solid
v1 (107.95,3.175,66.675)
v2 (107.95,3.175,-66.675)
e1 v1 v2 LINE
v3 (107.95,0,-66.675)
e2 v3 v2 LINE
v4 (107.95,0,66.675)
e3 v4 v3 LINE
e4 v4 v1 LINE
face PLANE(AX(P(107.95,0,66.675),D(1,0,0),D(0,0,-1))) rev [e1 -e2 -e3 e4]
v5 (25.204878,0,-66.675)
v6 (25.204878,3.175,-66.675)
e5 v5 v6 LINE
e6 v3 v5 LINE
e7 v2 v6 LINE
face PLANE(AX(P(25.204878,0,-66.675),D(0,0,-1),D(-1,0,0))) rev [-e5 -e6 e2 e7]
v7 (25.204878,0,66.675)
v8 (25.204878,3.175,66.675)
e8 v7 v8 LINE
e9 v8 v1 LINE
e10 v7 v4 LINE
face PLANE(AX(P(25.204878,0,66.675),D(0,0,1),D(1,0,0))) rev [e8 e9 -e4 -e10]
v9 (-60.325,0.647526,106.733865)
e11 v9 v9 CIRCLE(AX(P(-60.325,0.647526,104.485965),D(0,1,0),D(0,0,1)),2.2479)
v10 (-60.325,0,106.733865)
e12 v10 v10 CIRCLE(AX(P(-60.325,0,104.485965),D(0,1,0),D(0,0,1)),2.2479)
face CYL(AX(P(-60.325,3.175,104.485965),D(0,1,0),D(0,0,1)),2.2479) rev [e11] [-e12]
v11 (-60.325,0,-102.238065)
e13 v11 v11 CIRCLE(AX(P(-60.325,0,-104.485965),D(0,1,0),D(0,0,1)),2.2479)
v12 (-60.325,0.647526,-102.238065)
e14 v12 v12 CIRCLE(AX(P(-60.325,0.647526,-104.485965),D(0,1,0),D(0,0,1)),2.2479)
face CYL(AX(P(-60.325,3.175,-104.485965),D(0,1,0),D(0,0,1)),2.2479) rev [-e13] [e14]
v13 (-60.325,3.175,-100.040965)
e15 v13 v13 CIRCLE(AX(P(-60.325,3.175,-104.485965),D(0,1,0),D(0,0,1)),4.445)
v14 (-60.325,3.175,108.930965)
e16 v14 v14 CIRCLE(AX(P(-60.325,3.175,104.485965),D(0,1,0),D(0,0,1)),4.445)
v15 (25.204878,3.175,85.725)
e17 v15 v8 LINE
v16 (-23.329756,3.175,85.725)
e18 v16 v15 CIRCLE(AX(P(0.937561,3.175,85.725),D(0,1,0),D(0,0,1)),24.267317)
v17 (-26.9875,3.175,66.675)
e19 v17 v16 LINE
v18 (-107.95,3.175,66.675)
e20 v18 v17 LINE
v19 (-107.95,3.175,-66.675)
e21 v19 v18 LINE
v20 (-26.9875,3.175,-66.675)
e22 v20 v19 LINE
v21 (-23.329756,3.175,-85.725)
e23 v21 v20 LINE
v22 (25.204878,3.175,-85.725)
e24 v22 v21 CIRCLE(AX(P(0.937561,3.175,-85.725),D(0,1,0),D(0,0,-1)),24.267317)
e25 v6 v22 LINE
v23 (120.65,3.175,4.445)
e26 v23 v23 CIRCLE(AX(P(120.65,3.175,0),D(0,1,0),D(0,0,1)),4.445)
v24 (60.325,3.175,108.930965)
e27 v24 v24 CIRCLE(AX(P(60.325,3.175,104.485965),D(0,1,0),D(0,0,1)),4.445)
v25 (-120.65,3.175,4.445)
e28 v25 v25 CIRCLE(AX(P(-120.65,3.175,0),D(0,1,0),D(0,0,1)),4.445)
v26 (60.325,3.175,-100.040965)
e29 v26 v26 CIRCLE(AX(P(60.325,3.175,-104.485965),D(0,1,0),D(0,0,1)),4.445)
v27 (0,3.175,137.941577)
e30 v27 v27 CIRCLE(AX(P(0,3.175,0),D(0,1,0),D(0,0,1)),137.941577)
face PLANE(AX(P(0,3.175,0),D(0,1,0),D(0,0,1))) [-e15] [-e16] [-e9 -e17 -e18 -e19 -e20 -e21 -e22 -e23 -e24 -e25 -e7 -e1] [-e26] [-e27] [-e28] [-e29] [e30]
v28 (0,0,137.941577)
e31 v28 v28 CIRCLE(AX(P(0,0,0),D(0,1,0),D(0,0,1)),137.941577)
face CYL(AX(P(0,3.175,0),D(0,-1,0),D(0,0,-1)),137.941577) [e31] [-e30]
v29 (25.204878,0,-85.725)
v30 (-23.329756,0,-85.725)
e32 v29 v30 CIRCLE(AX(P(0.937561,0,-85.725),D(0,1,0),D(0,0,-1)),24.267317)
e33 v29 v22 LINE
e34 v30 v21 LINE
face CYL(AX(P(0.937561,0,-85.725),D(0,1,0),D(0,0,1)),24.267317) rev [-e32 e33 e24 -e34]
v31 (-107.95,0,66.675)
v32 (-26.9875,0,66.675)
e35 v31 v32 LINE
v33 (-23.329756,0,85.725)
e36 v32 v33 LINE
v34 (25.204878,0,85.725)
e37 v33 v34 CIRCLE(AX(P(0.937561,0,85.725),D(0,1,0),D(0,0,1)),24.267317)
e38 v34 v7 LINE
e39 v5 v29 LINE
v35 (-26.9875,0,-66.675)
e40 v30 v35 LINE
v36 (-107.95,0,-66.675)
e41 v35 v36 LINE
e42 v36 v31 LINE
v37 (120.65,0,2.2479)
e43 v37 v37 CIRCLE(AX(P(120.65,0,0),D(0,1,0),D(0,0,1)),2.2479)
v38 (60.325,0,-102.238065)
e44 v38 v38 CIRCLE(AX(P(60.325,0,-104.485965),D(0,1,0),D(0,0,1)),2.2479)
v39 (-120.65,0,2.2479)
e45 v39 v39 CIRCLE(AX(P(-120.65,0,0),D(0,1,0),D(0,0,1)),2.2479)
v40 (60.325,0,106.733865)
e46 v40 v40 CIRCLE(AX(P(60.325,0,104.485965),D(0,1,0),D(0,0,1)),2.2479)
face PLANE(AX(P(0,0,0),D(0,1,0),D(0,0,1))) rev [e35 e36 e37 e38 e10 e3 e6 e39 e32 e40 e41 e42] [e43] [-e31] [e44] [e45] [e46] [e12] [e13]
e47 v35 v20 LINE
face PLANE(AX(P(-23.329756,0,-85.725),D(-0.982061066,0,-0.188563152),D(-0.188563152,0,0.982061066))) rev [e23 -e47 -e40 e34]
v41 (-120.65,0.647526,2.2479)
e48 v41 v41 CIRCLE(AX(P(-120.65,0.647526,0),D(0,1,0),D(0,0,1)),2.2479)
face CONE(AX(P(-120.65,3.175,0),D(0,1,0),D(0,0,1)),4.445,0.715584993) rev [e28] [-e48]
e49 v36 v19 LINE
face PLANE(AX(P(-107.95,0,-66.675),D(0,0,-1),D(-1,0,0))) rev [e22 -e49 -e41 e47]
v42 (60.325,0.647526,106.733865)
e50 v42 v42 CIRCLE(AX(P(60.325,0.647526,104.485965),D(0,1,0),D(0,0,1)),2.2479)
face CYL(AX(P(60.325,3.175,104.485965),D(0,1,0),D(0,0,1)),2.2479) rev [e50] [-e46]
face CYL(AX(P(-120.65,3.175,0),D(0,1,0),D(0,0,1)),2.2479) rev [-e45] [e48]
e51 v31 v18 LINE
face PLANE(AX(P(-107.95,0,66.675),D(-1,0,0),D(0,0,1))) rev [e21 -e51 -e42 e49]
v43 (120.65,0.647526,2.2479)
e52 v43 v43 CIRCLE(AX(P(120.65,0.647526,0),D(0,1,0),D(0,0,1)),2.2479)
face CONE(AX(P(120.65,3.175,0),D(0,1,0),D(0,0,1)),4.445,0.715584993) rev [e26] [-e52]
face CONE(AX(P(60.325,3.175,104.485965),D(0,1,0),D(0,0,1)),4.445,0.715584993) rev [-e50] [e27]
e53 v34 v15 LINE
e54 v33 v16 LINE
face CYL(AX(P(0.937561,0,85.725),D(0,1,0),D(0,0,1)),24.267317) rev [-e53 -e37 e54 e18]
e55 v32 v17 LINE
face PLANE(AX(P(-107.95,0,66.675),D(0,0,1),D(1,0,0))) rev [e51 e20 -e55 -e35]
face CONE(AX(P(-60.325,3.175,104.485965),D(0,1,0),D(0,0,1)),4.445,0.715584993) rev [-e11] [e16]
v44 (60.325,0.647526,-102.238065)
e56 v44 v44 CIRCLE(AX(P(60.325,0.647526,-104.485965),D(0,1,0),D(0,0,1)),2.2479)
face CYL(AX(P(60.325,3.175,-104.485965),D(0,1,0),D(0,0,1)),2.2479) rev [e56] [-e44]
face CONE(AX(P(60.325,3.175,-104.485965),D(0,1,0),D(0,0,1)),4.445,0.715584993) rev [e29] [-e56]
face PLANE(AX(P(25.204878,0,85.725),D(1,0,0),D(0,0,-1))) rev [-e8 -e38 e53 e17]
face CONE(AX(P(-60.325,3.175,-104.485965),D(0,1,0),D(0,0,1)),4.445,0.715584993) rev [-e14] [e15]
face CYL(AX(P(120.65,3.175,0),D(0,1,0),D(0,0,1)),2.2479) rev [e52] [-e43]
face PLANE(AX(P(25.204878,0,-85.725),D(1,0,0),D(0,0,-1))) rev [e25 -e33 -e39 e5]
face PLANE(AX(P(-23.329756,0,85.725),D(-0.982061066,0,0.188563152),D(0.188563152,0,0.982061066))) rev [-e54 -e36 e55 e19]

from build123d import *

# Parameters (mm, degrees)
SKETCH1_R         = 137.941576563
EXTRUDE1_DEPTH    = 3.175
EXTRUDE3_DEPTH    = 4.175
SKETCH4_R         = 1.5875
EXTRUDE4_DEPTH    = 4.175
CIRPATTERN1_COUNT = 6


with BuildPart() as part:
    # Sketch1 → Extrude1 (new body)
    with BuildSketch(Plane(origin=(0, 0, 0), x_dir=(1, 0, 0), z_dir=(0, 1, 0))):
        with Locations(Location((0, 0, 0), (0, 0, 270))):  # turned: the seam where the file's is
            Circle(SKETCH1_R)
    extrude(amount=EXTRUDE1_DEPTH)

    # Sketch3 → Extrude3 (cut, through all)
    with BuildSketch(Plane(origin=(0, 3.175, 0), x_dir=(1, 0, 0), z_dir=(0, 1, 0))):
        with BuildLine():
            Line((25.204878031, -66.675), (107.95, -66.675))
            Line((107.95, -66.675), (107.95, 66.675))
            Line((107.95, 66.675), (25.204878031, 66.675))
            Line((25.204878031, 66.675), (25.204878031, 85.725))
            ThreePointArc((25.204878031, 85.725), (0.937561054, 109.992316976), (-23.329755922, 85.725))
            Line((-23.329755922, 85.725), (-26.9875, 66.675))
            Line((-26.9875, 66.675), (-107.95, 66.675))
            Line((-107.95, 66.675), (-107.95, -66.675))
            Line((-107.95, -66.675), (-26.9875, -66.675))
            Line((-26.9875, -66.675), (-23.329755922, -85.725))
            ThreePointArc((-23.329755922, -85.725), (0.937561054, -109.992316976), (25.204878031, -85.725))
            Line((25.204878031, -85.725), (25.204878031, -66.675))
        make_face()
    extrude(amount=-EXTRUDE3_DEPTH, mode=Mode.SUBTRACT)

    # Sketch4 → Extrude4 (cut, through all)
    with BuildSketch(Plane(origin=(0, 3.175, 0), x_dir=(-1, 0, 0), z_dir=(0, 1, 0))):
        with Locations(Location((120.65, 0, 0), (0, 0, 90))):  # turned: the seam where the file's is
            Circle(SKETCH4_R)
    extrude(amount=-EXTRUDE4_DEPTH, mode=Mode.SUBTRACT)

    # Sketch5 → CSK for #8 Flat Head Socket Cap Screw1 (revolve, cut)
    with BuildSketch(Plane(origin=(-120.65, 3.175, 0), x_dir=(0, 0, 1), z_dir=(1, 0, 0))):
        Polygon((0, 0), (0, 3.175), (2.2479, 3.175), (2.2479, 2.527474428), (4.445, 0), align=None)
    csk_for_8_flat_head_socket_cap_screw1 = revolve(axis=Axis((-120.65, 9.525, 0), (0, -1, 0)), mode=Mode.SUBTRACT)

    # CirPattern1: CSK for #8 Flat Head Socket Cap Screw1 ×6 about axis
    cirpattern1_axis = Axis((0, 0, 0), (0, 1, 0))
    for i in range(1, CIRPATTERN1_COUNT):
        add(csk_for_8_flat_head_socket_cap_screw1.rotate(cirpattern1_axis, i * 360 / CIRPATTERN1_COUNT), mode=Mode.SUBTRACT)


solid = part.part
